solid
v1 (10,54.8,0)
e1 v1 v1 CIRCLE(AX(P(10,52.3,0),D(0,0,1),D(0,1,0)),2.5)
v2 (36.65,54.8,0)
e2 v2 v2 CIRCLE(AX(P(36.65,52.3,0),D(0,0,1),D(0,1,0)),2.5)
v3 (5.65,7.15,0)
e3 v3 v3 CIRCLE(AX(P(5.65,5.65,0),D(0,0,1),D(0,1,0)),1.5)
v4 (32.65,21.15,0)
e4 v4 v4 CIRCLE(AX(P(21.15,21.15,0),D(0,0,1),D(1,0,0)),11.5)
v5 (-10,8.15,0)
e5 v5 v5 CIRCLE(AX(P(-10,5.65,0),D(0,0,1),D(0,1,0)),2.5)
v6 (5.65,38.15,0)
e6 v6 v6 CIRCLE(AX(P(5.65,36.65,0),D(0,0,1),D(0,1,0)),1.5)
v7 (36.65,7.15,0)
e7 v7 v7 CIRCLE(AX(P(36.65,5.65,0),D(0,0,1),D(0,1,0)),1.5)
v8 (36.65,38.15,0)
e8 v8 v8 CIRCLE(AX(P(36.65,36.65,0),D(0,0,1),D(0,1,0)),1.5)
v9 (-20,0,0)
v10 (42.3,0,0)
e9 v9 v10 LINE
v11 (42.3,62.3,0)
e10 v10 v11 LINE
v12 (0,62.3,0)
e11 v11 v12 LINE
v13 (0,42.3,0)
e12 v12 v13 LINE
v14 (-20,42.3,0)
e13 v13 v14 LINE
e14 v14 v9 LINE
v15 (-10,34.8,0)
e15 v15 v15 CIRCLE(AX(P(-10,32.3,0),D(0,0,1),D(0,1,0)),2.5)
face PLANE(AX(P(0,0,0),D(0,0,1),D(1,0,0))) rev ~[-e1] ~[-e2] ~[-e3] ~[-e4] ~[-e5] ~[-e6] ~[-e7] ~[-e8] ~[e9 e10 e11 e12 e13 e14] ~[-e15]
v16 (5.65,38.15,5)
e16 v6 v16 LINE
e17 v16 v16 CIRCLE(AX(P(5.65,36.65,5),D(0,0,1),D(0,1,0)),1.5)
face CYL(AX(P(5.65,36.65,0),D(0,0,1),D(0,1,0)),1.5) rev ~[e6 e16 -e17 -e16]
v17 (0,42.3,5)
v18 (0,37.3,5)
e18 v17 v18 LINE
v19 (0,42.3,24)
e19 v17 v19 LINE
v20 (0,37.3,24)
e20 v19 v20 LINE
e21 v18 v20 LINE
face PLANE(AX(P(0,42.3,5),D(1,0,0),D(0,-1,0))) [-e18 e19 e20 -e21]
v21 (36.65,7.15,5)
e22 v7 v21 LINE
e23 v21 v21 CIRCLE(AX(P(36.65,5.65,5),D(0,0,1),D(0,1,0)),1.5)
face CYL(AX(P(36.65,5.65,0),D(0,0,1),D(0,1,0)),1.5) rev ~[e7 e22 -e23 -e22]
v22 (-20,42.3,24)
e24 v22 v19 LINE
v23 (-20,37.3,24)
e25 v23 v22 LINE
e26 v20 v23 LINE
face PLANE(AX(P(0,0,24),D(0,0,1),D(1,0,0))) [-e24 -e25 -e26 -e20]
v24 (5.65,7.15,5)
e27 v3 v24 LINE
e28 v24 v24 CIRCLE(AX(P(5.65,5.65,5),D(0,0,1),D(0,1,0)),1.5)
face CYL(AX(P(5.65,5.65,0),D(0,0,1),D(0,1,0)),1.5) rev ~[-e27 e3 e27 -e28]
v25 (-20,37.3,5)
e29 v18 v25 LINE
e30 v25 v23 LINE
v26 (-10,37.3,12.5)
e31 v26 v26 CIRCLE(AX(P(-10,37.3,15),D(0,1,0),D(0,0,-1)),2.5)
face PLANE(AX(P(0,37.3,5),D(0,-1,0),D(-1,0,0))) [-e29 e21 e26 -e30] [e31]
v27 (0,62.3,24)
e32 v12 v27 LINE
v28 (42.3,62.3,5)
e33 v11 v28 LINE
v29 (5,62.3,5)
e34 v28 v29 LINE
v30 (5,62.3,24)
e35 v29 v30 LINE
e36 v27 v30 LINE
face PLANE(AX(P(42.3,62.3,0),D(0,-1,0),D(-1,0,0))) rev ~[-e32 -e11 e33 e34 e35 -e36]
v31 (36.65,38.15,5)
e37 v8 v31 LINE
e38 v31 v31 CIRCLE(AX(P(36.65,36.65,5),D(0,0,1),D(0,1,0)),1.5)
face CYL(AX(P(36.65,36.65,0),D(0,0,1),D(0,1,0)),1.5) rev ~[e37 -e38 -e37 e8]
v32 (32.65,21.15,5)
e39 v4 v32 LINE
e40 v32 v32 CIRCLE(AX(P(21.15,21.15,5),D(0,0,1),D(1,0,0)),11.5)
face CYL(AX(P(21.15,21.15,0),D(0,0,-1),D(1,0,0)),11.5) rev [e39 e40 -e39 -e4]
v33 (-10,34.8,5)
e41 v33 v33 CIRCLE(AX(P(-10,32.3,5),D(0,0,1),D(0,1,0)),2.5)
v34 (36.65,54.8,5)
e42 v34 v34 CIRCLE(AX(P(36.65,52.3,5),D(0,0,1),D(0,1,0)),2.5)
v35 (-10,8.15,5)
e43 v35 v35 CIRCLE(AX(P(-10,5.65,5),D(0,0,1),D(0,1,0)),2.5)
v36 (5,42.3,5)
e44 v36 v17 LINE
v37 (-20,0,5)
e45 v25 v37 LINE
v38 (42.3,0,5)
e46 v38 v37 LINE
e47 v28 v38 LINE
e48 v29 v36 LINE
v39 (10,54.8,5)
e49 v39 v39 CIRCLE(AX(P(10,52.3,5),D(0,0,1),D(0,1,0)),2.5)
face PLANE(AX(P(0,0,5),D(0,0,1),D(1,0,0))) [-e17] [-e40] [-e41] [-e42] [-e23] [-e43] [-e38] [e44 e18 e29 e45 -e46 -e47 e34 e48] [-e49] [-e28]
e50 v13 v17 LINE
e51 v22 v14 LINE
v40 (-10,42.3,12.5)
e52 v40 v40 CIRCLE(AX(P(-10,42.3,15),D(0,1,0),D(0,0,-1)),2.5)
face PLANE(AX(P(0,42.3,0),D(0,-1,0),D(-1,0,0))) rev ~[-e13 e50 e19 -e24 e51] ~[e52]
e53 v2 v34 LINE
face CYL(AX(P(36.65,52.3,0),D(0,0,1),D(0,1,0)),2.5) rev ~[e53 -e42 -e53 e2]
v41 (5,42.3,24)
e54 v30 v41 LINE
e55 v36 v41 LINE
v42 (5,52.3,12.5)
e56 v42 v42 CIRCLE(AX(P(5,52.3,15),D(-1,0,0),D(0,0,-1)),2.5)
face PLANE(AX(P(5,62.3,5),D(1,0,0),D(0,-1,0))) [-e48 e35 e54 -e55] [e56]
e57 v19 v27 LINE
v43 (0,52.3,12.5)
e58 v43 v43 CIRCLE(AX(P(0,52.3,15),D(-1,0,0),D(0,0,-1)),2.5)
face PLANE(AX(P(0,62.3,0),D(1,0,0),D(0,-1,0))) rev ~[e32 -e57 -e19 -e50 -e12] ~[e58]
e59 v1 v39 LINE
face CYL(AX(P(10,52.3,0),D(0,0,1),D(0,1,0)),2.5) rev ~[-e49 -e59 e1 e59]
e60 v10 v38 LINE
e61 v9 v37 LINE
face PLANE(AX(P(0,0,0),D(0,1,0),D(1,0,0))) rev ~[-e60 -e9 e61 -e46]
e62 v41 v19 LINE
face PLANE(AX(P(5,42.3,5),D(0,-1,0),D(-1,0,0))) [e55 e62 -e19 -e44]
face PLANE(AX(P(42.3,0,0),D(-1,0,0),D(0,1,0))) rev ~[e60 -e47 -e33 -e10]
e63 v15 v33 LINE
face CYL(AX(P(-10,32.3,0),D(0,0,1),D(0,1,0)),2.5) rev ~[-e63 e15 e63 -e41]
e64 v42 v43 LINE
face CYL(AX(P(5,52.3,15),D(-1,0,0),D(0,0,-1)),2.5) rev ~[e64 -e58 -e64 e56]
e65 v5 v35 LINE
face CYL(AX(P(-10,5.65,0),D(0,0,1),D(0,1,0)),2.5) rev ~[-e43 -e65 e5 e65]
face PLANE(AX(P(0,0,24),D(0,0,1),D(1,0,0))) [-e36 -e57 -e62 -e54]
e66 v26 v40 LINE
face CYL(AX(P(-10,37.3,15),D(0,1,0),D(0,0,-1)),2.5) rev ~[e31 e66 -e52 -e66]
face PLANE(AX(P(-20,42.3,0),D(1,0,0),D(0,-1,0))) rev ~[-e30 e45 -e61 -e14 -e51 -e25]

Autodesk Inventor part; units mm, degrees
ref_plane "YZ Plane" through (0, 0, 0) normal (1, 0, 0) x (0, 1, 0)
ref_plane "XZ Plane" through (0, 0, 0) normal (0, 1, 0) x (-1, 0, 0)
ref_plane "XY Plane" through (0, 0, 0) normal (0, 0, 1) x (1, 0, 0)
sketch "Sketch1" plane through (0, 0, 0) normal (0, 0, 1) x (1, 0, 0)
  line L0 (0, 0) -> (42.3, 0)
  line L1 (42.3, 0) -> (42.3, 42.3)
  line L2 (42.3, 42.3) -> (0, 42.3)
  line L3 (0, 42.3) -> (0, 0)
  circle A0 centre (21.15, 21.15) radius 11.5
  line L4 (0, 0.3) -> (0, 42.3)
  line L5 (0, 42.3) -> (42.3, 42.3)
  line L6 (0, 42.3) -> (42.3, 42.3)
  line L7 (42.3, 42.3) -> (42.3, 62.3)
  line L8 (42.3, 62.3) -> (0, 62.3)
  line L9 (0, 62.3) -> (0, 42.3)
  line L10 (0, 42.3) -> (-20, 42.3)
  line L11 (-20, 42.3) -> (-20, 0)
  line L12 (-20, 0) -> (0, 0)
  line L13 (0, 0) -> (0, 42.3)
  point P0 (5.65, 36.65)
  point P1 (36.65, 36.65)
  point P2 (36.65, 5.65)
  point P3 (5.65, 5.65)
  point P4 (10, 52.3)
  point P5 (36.65, 52.3)
  point P6 (-10, 32.3)
  point P7 (-10, 5.65)
  dimension "d0" = 42.3
  dimension "d1" = 23
  dimension "d2" = 31
  dimension "d3" = 31
  dimension "d4" = 31
  dimension "d8" = 31
  dimension "d12" = 21.15
  dimension "d16" = 42.3
  dimension "d17" = 5.65
  dimension "d18" = 5.65
  dimension "d19" = 5.65
  dimension "d20" = 5.65
  dimension "d21" = 20
  dimension "d22" = 20
  dimension "d39" = 21.15
  dimension "d42" = 10
  dimension "d43" = 10
extrude "Extrusion1" add sketch "Sketch1" along normal blind 5
hole "Hole1" at (5.65, 36.65, 0) at (36.65, 36.65, 0) at (36.65, 5.65, 0) at (5.65, 5.65, 0) direction (0, 0, 1) diameter 3 depth 8 tip angle 118
hole "Hole2" at (10, 52.3, 0) at (36.65, 52.3, 0) at (-10, 32.3, 0) at (-10, 5.65, 0) direction (0, 0, 1) diameter 5 depth 8 tip angle 118
sketch "Sketch3" plane through (0, 0, 5) normal (0, 0, 1) x (1, 0, 0)
  line L0 (-20, 42.3) -> (0, 42.3)
  line L1 (0, 42.3) -> (0, 37.3)
  line L2 (0, 37.3) -> (-20, 37.3)
  line L3 (-20, 37.3) -> (-20, 42.3)
  line L4 (0, 62.3) -> (5, 62.3)
  line L5 (5, 62.3) -> (5, 42.3)
  line L6 (5, 42.3) -> (0, 42.3)
  line L7 (0, 42.3) -> (0, 62.3)
  point P0 (0, 0)
  dimension "d40" = 5
  dimension "d41" = 5
extrude "Extrusion2" add sketch "Sketch3" along normal blind 19
sketch "Sketch4" plane through (-20, 37.3, 5) normal (0, -1, 0) x (1, 0, 0)
  line L0 (0, 0) -> (62.3, 0) projected
  line L1 (0, 0) -> (0, 19) projected
  line L2 (0, 19) -> (20, 19) projected
  point P0 (20, -5)
  point P1 (10, 10)
  dimension "d46" = 10
  dimension "d47" = 10
hole "Hole3" at (-10, 37.3, 15) direction (0, 1, 0) diameter 5 depth 8 tip angle 118
sketch "Sketch5" plane through (5, 42.3, 5) normal (1, 0, 0) x (0, 0, -1)
  line L0 (-19, 0) -> (-19, 20) projected
  line L1 (0, -42.3) -> (0, 20) projected
  line L2 (0, 20) -> (-19, 20) projected
  point P0 (5, -42.3)
  point P1 (-10, 10)
  dimension "d58" = 10
  dimension "d59" = 10
hole "Hole4" at (5, 52.3, 15) direction (-1, 0, 0) diameter 5 depth 8 tip angle 118
properties part number "Motor Mount"
